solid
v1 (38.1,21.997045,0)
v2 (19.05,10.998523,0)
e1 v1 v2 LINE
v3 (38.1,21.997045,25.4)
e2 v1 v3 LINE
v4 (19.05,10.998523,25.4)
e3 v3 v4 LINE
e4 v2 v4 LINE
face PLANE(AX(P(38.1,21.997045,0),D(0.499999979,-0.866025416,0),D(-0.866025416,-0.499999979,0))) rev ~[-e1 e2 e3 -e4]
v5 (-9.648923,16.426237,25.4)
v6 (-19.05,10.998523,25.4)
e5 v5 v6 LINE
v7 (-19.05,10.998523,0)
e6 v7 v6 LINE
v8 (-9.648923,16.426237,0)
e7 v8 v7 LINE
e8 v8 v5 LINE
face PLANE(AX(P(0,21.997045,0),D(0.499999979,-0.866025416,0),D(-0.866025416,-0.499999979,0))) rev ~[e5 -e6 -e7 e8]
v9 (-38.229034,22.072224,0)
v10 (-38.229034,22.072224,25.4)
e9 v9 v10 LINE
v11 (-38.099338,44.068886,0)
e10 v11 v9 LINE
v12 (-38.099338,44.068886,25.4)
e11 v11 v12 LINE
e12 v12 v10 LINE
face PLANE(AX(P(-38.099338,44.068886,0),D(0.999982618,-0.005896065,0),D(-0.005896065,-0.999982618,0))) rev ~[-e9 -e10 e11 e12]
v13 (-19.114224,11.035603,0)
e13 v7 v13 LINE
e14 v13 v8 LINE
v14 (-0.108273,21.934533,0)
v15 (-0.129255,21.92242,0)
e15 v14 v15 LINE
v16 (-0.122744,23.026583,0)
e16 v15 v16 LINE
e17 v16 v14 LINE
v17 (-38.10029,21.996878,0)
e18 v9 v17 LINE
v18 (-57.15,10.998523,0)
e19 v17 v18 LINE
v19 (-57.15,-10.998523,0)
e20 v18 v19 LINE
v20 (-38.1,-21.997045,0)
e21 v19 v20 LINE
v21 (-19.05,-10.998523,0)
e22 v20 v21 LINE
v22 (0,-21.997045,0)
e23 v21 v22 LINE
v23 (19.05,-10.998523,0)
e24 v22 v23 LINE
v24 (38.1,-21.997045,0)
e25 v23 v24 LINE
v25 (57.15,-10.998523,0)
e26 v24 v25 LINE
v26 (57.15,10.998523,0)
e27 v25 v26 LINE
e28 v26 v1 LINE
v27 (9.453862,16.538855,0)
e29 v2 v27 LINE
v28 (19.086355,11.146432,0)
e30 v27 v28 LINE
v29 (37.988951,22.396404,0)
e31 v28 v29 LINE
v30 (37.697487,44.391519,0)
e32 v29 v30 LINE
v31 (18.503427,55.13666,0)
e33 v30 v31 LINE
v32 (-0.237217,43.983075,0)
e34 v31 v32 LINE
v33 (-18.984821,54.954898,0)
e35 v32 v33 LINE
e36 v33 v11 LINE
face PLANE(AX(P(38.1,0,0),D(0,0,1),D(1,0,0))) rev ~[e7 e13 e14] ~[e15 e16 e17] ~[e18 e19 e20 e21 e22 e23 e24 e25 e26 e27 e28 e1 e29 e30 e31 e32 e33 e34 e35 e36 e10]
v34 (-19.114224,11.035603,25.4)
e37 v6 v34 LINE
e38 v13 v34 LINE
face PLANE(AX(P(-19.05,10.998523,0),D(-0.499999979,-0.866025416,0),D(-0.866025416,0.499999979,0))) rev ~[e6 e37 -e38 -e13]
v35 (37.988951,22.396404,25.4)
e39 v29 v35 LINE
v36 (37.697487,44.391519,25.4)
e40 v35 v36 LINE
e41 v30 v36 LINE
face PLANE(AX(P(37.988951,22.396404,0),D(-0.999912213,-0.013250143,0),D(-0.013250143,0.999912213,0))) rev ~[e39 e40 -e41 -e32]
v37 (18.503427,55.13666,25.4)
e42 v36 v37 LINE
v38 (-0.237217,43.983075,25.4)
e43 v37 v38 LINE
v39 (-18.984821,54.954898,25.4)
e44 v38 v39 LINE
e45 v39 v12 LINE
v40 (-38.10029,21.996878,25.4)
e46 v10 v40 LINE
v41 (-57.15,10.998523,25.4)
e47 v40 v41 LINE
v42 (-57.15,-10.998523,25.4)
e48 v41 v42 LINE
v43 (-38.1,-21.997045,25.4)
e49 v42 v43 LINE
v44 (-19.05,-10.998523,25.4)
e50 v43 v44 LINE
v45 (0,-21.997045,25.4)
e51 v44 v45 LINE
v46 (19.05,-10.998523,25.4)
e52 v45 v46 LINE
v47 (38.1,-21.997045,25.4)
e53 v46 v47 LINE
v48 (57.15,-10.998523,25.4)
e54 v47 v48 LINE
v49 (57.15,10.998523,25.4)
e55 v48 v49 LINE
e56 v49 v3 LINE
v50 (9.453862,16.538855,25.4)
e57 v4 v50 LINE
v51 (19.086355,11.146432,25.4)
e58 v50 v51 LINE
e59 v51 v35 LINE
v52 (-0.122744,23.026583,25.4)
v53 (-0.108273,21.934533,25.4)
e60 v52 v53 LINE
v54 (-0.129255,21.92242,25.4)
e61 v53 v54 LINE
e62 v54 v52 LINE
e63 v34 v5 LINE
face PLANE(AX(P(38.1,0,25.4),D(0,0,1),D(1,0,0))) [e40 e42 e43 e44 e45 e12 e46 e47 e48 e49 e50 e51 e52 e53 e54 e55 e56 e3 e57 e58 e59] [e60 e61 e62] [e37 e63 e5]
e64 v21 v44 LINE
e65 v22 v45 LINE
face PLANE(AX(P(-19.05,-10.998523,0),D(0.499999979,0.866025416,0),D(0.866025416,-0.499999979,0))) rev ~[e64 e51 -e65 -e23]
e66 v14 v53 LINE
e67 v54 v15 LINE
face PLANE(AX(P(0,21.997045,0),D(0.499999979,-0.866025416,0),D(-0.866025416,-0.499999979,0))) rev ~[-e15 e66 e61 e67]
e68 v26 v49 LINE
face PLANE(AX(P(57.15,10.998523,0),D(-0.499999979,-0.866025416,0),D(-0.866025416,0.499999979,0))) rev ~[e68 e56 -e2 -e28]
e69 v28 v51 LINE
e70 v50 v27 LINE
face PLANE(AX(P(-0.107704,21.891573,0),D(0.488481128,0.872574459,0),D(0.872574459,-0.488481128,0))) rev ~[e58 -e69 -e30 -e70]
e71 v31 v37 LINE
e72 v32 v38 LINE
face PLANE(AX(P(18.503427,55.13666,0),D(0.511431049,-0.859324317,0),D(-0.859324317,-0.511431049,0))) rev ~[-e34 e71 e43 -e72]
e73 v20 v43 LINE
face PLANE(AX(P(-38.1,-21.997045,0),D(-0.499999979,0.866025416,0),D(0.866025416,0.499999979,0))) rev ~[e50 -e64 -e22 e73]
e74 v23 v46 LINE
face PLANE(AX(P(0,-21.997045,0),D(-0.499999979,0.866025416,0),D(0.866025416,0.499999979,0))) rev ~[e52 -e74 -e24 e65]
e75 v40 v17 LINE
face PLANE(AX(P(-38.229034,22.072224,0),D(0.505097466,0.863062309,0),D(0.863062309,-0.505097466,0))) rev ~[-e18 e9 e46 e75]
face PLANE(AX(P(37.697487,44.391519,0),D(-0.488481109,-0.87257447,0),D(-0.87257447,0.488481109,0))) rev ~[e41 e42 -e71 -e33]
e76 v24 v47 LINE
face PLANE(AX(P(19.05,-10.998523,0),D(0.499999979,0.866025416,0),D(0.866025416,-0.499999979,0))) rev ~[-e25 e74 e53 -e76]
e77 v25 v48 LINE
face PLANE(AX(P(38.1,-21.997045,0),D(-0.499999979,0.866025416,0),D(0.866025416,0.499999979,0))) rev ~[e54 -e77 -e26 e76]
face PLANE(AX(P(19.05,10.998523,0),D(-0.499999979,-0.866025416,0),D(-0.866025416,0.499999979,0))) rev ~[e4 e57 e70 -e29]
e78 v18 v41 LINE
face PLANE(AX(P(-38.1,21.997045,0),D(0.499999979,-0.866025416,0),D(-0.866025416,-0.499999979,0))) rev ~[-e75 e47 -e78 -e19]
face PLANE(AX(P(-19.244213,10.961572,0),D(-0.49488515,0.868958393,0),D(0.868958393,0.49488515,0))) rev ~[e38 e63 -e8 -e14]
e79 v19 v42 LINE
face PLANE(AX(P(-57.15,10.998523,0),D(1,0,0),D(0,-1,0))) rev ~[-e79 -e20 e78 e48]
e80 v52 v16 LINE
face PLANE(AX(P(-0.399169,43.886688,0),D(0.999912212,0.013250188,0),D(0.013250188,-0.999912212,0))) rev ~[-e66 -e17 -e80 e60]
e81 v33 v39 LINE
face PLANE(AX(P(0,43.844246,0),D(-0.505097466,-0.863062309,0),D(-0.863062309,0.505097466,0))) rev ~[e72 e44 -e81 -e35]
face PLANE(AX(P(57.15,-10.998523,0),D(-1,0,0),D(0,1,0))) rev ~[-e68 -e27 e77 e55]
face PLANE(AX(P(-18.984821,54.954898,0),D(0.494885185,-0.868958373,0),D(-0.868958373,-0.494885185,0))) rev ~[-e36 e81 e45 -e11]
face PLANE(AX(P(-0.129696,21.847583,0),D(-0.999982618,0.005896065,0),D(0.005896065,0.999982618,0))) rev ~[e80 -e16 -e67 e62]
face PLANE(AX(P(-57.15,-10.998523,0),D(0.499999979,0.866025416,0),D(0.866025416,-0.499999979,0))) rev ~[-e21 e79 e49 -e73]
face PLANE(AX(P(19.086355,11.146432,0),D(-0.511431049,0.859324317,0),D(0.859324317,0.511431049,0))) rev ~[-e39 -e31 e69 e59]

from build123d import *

# Parameters (mm, degrees)
F1_DEPTH = 25.4
F6_DEPTH = 25.4
F7_DEPTH = 25.4
F8_DEPTH = 25.4
F9_DEPTH = 25.4


with BuildPart() as f1:
    # F0 (on Top) → F1 (new body)
    with BuildSketch(Plane.XY):
        Polygon((19.05, -10.998523), (19.05, 10.998523), (0, 21.997045), (-19.05, 10.998523), (-19.05, -10.998523), (0, -21.997045), align=None)
    extrude(amount=F1_DEPTH)

    # F5 (on Top) → F6 (join)
    with BuildSketch(Plane.XY):
        Polygon((-19.244213, 10.961572), (-0.129696, 21.847583), (0, 43.844246), (-18.984821, 54.954898), (-38.099338, 44.068886), (-38.229034, 22.072224), align=None)
    extrude(amount=F6_DEPTH)

    # F4 (on Top) → F7 (join)
    with BuildSketch(Plane.XY):
        Polygon((-19.05, -10.998523), (-19.05, 10.998523), (-38.1, 21.997045), (-57.15, 10.998523), (-57.15, -10.998523), (-38.1, -21.997045), align=None)
    extrude(amount=F7_DEPTH)

    # F3 (on Top) → F8 (join)
    with BuildSketch(Plane.XY):
        Polygon((19.086355, 11.146432), (37.988951, 22.396404), (37.697487, 44.391519), (18.503427, 55.13666), (-0.399169, 43.886688), (-0.107704, 21.891573), align=None)
    extrude(amount=F8_DEPTH)

    # F2 (on Top) → F9 (join)
    with BuildSketch(Plane.XY):
        Polygon((19.05, 10.998523), (19.05, -10.998523), (38.1, -21.997045), (57.15, -10.998523), (57.15, 10.998523), (38.1, 21.997045), align=None)
    extrude(amount=F9_DEPTH)


solid = f1.part
